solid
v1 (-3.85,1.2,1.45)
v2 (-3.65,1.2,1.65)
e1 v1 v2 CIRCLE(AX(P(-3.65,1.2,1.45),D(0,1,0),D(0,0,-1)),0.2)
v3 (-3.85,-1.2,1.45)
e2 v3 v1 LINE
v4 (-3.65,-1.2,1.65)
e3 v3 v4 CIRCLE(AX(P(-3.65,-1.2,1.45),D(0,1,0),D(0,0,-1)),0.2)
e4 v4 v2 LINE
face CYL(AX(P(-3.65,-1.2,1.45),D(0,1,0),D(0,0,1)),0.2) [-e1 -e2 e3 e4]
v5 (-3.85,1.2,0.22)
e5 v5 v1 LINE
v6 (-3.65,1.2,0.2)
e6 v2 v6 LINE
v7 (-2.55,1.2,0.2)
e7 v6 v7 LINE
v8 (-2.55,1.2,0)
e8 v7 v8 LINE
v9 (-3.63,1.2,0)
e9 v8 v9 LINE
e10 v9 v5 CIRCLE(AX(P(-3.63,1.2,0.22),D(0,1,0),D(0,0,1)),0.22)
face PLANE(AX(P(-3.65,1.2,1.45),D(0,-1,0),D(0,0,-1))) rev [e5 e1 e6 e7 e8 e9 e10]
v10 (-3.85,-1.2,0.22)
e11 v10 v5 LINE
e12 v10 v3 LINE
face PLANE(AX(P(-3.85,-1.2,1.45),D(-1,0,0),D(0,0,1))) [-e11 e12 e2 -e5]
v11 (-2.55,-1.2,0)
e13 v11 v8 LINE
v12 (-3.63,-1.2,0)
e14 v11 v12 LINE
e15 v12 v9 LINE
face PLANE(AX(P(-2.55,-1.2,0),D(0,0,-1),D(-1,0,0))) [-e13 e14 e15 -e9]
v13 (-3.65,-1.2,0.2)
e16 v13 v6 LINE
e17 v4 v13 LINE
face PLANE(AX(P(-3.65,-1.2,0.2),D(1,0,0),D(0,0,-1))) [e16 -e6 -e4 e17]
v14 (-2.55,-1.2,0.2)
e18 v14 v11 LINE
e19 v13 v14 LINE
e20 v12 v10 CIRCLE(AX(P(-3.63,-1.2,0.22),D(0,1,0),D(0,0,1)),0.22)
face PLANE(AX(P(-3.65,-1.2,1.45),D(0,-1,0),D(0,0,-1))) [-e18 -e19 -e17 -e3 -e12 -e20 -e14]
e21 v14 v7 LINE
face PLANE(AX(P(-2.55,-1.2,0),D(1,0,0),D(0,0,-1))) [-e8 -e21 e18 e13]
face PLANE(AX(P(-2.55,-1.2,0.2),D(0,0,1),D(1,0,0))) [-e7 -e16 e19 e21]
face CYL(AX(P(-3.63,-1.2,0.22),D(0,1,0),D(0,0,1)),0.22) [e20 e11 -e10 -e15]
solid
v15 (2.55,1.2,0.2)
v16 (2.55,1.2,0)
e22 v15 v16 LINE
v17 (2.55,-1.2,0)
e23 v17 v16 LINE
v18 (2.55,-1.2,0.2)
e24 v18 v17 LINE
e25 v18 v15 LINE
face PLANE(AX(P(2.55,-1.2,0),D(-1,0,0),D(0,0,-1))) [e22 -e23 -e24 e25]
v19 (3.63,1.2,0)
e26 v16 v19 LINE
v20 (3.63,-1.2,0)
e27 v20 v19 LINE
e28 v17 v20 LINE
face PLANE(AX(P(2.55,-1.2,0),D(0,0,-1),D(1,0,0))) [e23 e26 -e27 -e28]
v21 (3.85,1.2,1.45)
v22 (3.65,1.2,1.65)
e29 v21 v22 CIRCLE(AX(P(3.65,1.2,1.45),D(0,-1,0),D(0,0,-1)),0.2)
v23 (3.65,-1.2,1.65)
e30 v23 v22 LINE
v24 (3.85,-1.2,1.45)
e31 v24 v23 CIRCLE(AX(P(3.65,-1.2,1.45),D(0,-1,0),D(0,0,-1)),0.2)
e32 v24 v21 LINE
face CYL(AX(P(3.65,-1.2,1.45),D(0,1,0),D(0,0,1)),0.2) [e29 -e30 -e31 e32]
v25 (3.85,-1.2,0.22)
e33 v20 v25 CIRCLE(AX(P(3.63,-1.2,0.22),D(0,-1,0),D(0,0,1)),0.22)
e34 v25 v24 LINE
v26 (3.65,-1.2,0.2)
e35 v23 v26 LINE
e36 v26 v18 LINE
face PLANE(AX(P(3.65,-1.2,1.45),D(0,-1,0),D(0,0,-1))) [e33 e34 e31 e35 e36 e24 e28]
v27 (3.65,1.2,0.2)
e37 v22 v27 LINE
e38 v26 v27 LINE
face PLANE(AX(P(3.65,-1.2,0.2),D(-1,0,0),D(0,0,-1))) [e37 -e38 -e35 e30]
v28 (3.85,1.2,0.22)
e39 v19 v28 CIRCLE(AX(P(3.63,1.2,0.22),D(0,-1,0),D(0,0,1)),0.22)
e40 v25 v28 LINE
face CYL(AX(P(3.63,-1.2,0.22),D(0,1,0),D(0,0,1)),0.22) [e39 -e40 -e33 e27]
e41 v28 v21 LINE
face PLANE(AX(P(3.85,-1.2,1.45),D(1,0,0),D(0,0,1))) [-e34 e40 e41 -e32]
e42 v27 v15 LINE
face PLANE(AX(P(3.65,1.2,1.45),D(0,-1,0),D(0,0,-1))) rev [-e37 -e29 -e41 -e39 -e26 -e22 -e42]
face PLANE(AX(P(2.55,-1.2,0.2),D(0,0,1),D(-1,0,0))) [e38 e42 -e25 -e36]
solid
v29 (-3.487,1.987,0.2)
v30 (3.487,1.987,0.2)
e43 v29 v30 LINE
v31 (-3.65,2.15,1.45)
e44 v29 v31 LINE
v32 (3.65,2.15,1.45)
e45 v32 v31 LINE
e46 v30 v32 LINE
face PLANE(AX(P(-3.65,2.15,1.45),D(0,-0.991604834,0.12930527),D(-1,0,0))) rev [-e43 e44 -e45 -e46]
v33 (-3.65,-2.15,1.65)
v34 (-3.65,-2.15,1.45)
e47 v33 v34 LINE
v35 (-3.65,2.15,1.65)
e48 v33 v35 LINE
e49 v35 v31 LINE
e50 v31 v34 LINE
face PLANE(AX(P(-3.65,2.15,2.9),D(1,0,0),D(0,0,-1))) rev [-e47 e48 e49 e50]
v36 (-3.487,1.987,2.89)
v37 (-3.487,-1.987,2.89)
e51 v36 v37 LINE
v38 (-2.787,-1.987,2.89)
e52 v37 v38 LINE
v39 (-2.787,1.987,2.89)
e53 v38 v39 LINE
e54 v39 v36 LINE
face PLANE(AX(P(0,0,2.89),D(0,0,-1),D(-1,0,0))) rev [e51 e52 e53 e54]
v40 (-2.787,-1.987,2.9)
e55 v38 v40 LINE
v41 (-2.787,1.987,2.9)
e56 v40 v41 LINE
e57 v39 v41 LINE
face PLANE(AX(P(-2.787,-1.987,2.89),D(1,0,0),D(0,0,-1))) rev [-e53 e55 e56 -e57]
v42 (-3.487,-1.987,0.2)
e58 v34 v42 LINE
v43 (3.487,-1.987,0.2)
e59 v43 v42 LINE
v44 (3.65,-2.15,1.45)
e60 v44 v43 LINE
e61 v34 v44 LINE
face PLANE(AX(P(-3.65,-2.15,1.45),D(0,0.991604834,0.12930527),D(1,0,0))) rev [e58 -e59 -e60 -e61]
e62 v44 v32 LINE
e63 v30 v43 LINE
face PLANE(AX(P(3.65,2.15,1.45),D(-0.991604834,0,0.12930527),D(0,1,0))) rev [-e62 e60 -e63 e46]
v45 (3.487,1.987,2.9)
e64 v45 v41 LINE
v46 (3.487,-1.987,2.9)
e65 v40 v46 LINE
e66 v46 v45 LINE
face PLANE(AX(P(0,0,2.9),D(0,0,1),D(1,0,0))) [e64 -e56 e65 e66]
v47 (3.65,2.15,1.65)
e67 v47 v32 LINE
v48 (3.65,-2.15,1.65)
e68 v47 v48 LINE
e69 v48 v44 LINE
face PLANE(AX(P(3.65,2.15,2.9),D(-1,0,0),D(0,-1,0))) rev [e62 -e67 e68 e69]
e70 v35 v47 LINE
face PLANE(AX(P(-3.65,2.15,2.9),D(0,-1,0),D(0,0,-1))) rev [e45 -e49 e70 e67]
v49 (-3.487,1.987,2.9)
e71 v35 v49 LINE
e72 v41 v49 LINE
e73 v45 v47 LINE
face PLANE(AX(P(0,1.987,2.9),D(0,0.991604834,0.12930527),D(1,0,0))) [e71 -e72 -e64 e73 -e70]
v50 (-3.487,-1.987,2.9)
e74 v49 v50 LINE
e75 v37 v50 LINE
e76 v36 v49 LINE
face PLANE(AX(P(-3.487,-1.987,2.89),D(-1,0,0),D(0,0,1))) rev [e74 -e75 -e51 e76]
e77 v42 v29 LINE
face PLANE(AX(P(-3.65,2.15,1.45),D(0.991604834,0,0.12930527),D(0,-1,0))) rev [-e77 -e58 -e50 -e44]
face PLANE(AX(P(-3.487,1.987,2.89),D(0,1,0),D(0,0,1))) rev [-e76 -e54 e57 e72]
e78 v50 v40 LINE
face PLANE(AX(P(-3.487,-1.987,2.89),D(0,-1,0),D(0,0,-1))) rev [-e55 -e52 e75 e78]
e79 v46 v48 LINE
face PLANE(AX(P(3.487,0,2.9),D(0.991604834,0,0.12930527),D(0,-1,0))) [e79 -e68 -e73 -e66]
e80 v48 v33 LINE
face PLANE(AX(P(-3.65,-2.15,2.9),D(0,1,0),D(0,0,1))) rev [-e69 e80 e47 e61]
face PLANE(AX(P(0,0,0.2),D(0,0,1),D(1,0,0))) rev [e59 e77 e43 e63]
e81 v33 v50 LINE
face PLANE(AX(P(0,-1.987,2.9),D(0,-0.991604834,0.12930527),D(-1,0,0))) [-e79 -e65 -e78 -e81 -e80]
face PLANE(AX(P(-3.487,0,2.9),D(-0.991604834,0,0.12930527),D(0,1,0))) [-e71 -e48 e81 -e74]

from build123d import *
from OCP.BRepFilletAPI import BRepFilletAPI_MakeChamfer

# Parameters (mm, degrees)
SKETCH_1_W           = 7.3
SKETCH_1_H           = 4.3
EXTRUDE_1_DEPTH      = 2.7
CHAMFER_1_SIZE       = 1.25
CHAMFER_1_SIZE2      = 0.163
CHAMFER_2_SIZE       = 0.163
CHAMFER_2_SIZE2      = 1.25
EXTRUDE_2_DEPTH      = 1.2
EXTRUDE_2_DEPTH_BACK = 1.2
SKETCH_3_W           = 0.7
SKETCH_3_H           = 3.974
CUT_EXTRUDE_1_DEPTH  = 0.01


with BuildPart() as part:
    # Эскиз1 → Бобышка-Вытянуть1 (new body)
    with BuildSketch(Plane.XY.offset(0.2)):
        Rectangle(SKETCH_1_W, SKETCH_1_H)
    extrude(amount=EXTRUDE_1_DEPTH)

    # Фаска1: one chamfer whose edges measure the first distance from different faces: ONE call of the kernel's chamfer builder (chamfer() names one face for all edges)
    chamfer_1_edges_1 = [part.edges().sort_by_distance(p)[0] for p in [
        (-3.65, 0, 2.9),
    ]]
    chamfer_1_side_1 = [part.faces().sort_by_distance(p)[0] for p in [
        (-3.65, 0, 1.55),
    ]]
    chamfer_1_edges_2 = [part.edges().sort_by_distance(p)[0] for p in [
        (0, -2.15, 2.9),
    ]]
    chamfer_1_side_2 = [part.faces().sort_by_distance(p)[0] for p in [
        (0, -2.15, 1.55),
    ]]
    chamfer_1_edges_3 = [part.edges().sort_by_distance(p)[0] for p in [
        (3.65, 0, 2.9),
    ]]
    chamfer_1_side_3 = [part.faces().sort_by_distance(p)[0] for p in [
        (3.65, 0, 1.55),
    ]]
    chamfer_1_edges_4 = [part.edges().sort_by_distance(p)[0] for p in [
        (0, 2.15, 2.9),
    ]]
    chamfer_1_side_4 = [part.faces().sort_by_distance(p)[0] for p in [
        (0, 2.15, 1.55),
    ]]
    chamfer_1 = BRepFilletAPI_MakeChamfer(part.part.solid().wrapped)
    for e in chamfer_1_edges_1:
        chamfer_1.Add(CHAMFER_1_SIZE, CHAMFER_1_SIZE2, e.wrapped, chamfer_1_side_1[0].wrapped)  # the first distance lies on this face
    for e in chamfer_1_edges_2:
        chamfer_1.Add(CHAMFER_1_SIZE, CHAMFER_1_SIZE2, e.wrapped, chamfer_1_side_2[0].wrapped)  # the first distance lies on this face
    for e in chamfer_1_edges_3:
        chamfer_1.Add(CHAMFER_1_SIZE, CHAMFER_1_SIZE2, e.wrapped, chamfer_1_side_3[0].wrapped)  # the first distance lies on this face
    for e in chamfer_1_edges_4:
        chamfer_1.Add(CHAMFER_1_SIZE, CHAMFER_1_SIZE2, e.wrapped, chamfer_1_side_4[0].wrapped)  # the first distance lies on this face
    add(Compound.cast(chamfer_1.Shape()), mode=Mode.REPLACE)

    # Фаска2
    chamfer_2_edges = [part.edges().sort_by_distance(p)[0] for p in [
        (0, -2.15, 0.2),
        (-3.65, 0, 0.2),
        (0, 2.15, 0.2),
        (3.65, 0, 0.2),
    ]]
    chamfer_2_side = [part.faces().sort_by_distance(p)[0] for p in [
        (0, 0, 0.2),
    ]]
    chamfer(chamfer_2_edges, length=CHAMFER_2_SIZE, length2=CHAMFER_2_SIZE2, reference=chamfer_2_side[0])

    # Эскиз3 → Вырез-Вытянуть1 (cut)
    with BuildSketch(Plane.XY.offset(2.9)):
        with Locations((-3.137, 0)):
            Rectangle(SKETCH_3_W, SKETCH_3_H)
    extrude(amount=-CUT_EXTRUDE_1_DEPTH, mode=Mode.SUBTRACT)


with BuildPart() as body_2:
    # Эскиз2 → Бобышка-Вытянуть2 (new, two sides: drawn at the far end of the back side and taken through both)
    with BuildSketch(Plane(origin=(0, 0, 0), x_dir=(1, 0, 0), z_dir=(0, 1, 0)).offset(-EXTRUDE_2_DEPTH_BACK)):
        with BuildLine():
            Line((-3.65, -0.2), (-3.65, -1.45))
            Line((-3.65, -1.45), (-3.65, -1.65))
            ThreePointArc((-3.65, -1.65), (-3.791421356, -1.591421356), (-3.85, -1.45))
            Line((-3.85, -1.45), (-3.85, -0.22))
            ThreePointArc((-3.85, -0.22), (-3.785563492, -0.064436508), (-3.63, 0))
            Line((-3.63, 0), (-2.55, 0))
            Line((-2.55, 0), (-2.55, -0.2))
            Line((-2.55, -0.2), (-3.65, -0.2))
        make_face()
    extrude(amount=EXTRUDE_2_DEPTH + EXTRUDE_2_DEPTH_BACK)


with BuildPart() as body_3:
    # Зеркальное отражение1: mirrored copy
    add(body_2.part.mirror(Plane(origin=(0, 0, 0), x_dir=(0, 0, 1), z_dir=(1, 0, 0))))


solid = Compound([part.part, body_2.part, body_3.part])
